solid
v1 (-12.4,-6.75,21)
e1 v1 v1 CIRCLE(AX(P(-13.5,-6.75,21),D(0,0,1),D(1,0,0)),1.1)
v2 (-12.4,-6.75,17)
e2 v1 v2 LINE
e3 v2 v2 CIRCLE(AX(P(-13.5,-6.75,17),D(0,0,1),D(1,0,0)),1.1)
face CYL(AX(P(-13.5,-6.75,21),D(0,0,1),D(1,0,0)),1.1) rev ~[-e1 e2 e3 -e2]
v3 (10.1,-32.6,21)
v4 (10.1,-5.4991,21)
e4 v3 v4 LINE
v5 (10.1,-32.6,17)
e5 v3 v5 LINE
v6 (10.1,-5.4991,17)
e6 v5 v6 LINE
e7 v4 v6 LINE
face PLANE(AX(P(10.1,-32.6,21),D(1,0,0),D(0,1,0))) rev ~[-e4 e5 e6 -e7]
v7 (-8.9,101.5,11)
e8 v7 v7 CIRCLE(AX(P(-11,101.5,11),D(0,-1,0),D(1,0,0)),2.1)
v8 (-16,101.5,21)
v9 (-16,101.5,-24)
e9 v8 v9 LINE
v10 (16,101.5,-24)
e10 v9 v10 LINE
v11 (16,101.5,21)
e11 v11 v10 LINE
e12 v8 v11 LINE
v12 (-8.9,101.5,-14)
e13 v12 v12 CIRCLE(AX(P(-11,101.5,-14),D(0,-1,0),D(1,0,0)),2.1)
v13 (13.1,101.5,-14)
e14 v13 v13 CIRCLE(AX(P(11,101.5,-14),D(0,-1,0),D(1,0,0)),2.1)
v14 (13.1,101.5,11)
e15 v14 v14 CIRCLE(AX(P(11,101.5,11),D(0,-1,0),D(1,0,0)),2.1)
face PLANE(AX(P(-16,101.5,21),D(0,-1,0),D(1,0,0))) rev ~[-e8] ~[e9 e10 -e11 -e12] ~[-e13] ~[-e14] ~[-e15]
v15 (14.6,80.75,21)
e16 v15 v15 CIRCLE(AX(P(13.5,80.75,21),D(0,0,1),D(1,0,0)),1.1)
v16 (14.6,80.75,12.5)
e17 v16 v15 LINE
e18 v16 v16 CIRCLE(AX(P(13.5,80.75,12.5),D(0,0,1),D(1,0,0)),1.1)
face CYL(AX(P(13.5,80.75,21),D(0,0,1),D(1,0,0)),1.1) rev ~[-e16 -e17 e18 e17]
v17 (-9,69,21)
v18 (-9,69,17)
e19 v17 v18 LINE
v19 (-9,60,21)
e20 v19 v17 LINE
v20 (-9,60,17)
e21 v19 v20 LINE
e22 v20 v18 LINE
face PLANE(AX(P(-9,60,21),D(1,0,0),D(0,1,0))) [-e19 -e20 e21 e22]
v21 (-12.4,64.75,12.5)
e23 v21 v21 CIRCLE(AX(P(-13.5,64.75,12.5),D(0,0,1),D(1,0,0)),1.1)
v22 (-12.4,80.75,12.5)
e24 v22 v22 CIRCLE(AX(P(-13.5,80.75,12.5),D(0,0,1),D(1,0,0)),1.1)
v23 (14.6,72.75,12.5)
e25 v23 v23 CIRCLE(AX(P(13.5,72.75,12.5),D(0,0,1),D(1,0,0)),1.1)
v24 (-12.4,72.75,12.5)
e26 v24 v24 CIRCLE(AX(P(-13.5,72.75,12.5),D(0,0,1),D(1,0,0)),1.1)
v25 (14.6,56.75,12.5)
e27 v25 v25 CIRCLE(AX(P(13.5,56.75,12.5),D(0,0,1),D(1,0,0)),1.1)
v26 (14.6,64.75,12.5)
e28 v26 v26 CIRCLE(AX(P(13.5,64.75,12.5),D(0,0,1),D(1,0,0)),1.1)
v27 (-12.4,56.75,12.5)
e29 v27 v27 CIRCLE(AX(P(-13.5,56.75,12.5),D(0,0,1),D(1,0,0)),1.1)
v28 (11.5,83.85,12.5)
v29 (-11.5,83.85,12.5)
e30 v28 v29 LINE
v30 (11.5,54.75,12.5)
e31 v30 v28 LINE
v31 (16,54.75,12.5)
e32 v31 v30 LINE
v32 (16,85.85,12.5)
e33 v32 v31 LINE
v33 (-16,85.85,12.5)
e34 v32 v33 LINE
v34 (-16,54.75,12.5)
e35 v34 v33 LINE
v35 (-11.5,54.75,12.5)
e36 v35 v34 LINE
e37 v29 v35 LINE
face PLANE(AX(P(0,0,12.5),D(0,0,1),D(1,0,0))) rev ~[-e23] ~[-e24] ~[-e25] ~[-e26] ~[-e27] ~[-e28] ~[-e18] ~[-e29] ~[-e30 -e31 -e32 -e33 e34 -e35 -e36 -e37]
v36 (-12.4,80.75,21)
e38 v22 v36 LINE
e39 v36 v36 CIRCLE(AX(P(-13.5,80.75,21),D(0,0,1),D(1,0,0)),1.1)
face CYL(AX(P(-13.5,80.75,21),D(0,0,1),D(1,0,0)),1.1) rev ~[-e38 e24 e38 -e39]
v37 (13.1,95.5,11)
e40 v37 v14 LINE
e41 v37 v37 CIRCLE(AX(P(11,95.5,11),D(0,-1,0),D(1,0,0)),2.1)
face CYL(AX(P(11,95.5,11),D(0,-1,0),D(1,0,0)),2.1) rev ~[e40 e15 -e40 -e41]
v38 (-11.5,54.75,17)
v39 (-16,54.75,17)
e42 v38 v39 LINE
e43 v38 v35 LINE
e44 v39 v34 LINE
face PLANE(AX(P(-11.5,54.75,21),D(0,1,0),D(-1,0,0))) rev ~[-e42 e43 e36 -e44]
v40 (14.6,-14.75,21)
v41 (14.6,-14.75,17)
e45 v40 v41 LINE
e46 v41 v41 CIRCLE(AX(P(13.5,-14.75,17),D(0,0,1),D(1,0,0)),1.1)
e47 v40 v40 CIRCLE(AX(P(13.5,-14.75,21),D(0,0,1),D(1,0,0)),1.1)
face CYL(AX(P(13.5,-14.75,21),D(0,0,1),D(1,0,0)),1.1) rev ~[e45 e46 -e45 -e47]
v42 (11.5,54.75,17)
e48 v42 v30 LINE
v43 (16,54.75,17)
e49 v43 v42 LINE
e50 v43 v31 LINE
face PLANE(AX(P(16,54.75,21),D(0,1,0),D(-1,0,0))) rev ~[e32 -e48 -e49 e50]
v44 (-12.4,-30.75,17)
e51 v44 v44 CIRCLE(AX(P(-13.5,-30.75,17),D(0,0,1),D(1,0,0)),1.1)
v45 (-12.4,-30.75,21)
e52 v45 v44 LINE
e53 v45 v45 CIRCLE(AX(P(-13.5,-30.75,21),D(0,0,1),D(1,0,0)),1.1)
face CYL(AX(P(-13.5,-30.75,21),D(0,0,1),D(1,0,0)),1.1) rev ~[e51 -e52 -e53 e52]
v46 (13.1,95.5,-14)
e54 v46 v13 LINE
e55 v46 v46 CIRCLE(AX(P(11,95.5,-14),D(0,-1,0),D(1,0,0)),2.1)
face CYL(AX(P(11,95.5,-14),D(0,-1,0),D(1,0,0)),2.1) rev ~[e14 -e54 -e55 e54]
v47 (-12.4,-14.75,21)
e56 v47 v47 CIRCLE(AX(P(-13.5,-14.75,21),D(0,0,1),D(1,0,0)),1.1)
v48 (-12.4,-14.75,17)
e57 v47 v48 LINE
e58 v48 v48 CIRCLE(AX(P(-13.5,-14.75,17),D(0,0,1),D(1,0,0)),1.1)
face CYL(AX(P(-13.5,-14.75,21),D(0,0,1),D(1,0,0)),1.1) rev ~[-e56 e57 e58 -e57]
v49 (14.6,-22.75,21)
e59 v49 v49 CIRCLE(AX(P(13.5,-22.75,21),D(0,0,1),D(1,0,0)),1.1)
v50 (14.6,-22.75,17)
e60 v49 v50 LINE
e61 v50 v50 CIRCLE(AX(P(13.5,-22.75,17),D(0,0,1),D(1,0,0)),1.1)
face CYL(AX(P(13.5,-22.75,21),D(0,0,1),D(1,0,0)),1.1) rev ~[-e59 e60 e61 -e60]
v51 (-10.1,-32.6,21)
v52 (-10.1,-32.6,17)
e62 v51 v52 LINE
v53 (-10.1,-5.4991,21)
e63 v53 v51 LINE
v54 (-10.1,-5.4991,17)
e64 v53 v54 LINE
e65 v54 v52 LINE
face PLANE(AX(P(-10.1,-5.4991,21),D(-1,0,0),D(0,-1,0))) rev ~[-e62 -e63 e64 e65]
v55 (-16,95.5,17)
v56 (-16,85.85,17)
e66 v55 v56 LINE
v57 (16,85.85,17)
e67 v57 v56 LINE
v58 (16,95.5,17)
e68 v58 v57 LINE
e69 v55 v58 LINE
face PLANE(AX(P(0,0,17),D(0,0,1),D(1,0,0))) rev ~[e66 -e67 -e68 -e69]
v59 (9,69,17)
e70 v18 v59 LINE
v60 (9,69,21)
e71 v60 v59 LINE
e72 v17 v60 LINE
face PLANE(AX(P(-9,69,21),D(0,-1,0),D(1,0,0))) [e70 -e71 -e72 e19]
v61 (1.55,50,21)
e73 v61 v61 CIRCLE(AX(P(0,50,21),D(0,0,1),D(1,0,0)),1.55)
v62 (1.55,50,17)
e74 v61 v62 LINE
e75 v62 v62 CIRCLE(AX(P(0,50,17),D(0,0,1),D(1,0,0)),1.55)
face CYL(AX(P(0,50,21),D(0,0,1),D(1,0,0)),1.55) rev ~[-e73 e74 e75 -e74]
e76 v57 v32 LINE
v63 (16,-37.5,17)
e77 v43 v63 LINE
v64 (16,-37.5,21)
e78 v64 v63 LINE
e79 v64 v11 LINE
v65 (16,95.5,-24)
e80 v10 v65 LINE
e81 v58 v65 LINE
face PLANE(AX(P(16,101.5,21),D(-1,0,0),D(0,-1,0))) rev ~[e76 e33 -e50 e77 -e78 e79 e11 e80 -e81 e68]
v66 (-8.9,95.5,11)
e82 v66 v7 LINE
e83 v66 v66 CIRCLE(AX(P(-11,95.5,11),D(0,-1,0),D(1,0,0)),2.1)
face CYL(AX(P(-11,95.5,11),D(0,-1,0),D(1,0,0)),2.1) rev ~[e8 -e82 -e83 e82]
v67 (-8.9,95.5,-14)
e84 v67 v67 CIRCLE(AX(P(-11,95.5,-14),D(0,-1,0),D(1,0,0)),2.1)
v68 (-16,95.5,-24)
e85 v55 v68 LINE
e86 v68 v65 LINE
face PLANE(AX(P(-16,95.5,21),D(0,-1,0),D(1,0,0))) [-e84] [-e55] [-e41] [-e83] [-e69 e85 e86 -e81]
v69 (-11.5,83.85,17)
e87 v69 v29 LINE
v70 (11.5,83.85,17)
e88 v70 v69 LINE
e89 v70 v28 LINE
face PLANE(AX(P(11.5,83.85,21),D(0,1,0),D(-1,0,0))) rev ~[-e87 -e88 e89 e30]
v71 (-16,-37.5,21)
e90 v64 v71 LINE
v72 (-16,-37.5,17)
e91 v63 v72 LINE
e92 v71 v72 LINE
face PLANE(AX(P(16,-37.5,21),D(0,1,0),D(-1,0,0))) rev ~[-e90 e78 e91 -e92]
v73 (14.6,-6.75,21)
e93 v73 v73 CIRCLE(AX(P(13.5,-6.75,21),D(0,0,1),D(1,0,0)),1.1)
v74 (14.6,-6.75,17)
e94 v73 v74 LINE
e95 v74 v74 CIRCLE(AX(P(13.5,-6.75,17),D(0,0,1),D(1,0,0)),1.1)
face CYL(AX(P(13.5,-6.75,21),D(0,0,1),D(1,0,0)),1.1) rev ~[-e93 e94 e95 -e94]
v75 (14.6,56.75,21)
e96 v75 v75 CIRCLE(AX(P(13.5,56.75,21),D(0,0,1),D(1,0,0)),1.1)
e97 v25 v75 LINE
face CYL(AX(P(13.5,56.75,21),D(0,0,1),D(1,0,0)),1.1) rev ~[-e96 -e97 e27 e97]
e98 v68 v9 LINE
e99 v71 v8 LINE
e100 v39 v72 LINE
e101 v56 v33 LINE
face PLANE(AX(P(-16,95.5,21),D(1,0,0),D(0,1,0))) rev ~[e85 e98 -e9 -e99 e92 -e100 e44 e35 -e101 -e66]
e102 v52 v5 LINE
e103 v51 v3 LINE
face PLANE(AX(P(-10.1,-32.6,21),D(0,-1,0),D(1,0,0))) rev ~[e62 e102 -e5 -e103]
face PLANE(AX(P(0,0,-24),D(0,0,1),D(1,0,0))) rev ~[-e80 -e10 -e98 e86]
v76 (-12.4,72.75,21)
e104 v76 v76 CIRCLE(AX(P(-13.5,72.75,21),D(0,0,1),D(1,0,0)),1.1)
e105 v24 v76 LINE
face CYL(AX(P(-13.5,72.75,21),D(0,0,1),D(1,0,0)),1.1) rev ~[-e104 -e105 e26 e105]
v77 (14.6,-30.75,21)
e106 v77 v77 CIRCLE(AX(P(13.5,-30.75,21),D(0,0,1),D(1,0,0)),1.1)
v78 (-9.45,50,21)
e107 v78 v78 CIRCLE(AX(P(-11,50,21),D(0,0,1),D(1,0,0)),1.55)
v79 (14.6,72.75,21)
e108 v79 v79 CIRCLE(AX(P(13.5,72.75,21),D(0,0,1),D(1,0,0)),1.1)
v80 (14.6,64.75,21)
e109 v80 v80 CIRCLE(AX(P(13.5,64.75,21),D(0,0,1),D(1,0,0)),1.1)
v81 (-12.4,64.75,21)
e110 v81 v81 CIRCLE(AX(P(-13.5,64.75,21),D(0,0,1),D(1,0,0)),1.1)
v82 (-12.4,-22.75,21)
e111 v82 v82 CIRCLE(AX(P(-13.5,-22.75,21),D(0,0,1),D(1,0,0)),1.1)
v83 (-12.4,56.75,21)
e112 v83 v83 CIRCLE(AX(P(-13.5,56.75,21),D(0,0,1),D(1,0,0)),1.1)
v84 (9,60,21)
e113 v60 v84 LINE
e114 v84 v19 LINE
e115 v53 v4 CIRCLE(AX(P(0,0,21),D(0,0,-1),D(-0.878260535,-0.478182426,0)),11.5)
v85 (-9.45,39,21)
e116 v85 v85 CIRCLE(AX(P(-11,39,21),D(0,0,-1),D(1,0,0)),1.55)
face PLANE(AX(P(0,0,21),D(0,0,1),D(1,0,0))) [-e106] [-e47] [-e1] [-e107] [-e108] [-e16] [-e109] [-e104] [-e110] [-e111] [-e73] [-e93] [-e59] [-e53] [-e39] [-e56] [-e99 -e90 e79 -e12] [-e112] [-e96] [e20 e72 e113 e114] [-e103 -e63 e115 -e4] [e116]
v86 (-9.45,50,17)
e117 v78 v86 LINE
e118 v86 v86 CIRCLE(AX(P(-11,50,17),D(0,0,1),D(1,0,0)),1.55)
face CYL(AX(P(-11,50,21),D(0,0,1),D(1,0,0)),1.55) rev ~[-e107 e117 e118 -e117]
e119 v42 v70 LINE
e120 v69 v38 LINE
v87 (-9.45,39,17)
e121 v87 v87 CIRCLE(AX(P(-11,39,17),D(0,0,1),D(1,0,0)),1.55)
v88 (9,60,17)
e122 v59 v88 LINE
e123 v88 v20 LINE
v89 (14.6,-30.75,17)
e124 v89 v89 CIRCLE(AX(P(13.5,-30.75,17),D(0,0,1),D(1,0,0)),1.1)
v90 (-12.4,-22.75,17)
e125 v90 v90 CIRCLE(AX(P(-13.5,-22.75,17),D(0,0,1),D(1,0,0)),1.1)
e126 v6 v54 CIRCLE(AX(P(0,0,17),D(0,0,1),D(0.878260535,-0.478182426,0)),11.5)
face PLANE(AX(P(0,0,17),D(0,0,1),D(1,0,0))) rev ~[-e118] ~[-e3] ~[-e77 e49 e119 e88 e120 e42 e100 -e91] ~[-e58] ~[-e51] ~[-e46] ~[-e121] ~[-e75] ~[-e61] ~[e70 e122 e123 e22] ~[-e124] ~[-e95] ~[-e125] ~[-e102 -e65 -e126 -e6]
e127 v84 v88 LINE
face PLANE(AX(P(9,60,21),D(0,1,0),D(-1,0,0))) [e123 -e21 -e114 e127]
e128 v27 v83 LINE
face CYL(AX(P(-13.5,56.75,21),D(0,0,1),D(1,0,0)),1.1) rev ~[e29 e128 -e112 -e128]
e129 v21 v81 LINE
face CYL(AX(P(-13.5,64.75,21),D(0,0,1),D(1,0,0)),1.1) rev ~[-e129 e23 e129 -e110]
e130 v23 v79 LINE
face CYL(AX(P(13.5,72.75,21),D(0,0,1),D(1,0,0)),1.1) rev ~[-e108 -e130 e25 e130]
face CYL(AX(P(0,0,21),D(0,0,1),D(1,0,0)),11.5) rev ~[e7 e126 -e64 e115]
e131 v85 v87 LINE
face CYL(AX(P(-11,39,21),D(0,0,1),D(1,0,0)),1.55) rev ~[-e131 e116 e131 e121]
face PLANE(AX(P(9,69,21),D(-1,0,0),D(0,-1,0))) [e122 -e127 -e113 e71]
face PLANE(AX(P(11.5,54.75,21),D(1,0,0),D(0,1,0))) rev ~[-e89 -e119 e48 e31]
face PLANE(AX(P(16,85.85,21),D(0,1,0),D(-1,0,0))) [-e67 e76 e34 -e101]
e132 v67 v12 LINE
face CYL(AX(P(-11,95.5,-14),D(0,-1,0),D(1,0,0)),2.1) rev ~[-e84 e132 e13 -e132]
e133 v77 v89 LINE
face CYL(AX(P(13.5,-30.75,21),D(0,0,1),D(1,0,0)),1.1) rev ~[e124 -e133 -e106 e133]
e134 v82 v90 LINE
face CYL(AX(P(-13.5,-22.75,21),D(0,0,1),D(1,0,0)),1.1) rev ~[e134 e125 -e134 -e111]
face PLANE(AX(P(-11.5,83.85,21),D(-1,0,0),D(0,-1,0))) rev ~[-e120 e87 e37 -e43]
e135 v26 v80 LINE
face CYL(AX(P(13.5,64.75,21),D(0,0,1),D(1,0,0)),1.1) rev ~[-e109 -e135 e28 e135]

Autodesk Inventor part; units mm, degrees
ref_plane "YZ Plane" through (0, 0, 0) normal (1, 0, 0) x (0, 1, 0)
ref_plane "XZ Plane" through (0, 0, 0) normal (0, 1, 0) x (-1, 0, 0)
ref_plane "Plan de construction4" through (0, 0, 21) normal (0, 0, 1) x (1, 0, 0)
sketch "Esquisse" plane through (0, 0, 21) normal (0, 0, 1) x (1, 0, 0)
  circle A0 centre (0, 0) radius 11.5
  line L0 (16, -11.5) -> (-16, -11.5) construction
  line L1 (-16, -11.5) -> (-16, 38.5)
  line L2 (-16, 38.5) -> (16, 38.5) construction
  line L3 (16, 38.5) -> (16, -11.5)
  line L4 (0, 0) -> (-13.5, 6.75) construction
  circle A1 centre (-13.5, 6.75) radius 1.1 construction
  line L5 (-13.5, 6.75) -> (-13.5, 14.75) construction
  line L6 (-13.5, 14.75) -> (-13.5, 22.75) construction
  line L7 (-13.5, 22.75) -> (-13.5, 30.75) construction
  circle A2 centre (-13.5, 30.75) radius 1.1 construction
  circle A3 centre (-13.5, 22.75) radius 1.1 construction
  circle A4 centre (-13.5, 14.75) radius 1.1 construction
  line L8 (-23.9117, 0) -> (22.6519, 0) construction
  line L9 (10.1, 32.6) -> (10.1, 5.4991) construction
  line L10 (-10.1, 5.4991) -> (-10.1, 32.6) construction
  line L11 (-10.1, 32.6) -> (10.1, 32.6) construction
  line L12 (16, -11.5) -> (0, 0) construction
  line L13 (-16, -11.5) -> (0, 0) construction
  line L14 (10.1, 5.4991) -> (-10.1, 5.4991) construction
  line L15 (16, 38.5) -> (-16, 38.5)
  line L16 (-16, 38.5) -> (-16, 95.5)
  line L17 (-16, 95.5) -> (16, 95.5)
  line L18 (16, 95.5) -> (16, 38.5)
  line L19 (0, -65.3) -> (0, 129.3) construction
  circle A5 centre (13.5, 6.75) radius 1.1 construction
  circle A6 centre (13.5, 30.75) radius 1.1 construction
  circle A7 centre (13.5, 22.75) radius 1.1 construction
  circle A8 centre (13.5, 14.75) radius 1.1 construction
  line L20 (-16, -11.5) -> (16, -11.5) construction
  line L21 (16, -11.5) -> (16, -37.5)
  line L22 (16, -37.5) -> (-16, -37.5)
  line L23 (-16, -37.5) -> (-16, -11.5)
  line L24 (16, 95.5) -> (-16, 95.5)
  line L25 (-16, 95.5) -> (-16, 101.5)
  line L26 (-16, 101.5) -> (16, 101.5)
  line L27 (16, 101.5) -> (16, 95.5)
  line L28 (16, -37.5) -> (-17.2597, -37.5)
  circle A9 centre (-13.5, -6.75) radius 1.1
  circle A10 centre (-13.5, -30.75) radius 1.1
  circle A11 centre (-13.5, -22.75) radius 1.1
  circle A12 centre (-13.5, -14.75) radius 1.1
  line L29 (10.1, -32.6) -> (10.1, -5.4991)
  line L30 (-10.1, -5.4991) -> (-10.1, -32.6)
  line L31 (-10.1, -32.6) -> (10.1, -32.6)
  circle A13 centre (13.5, -6.75) radius 1.1
  circle A14 centre (13.5, -14.75) radius 1.1
  circle A15 centre (13.5, -22.75) radius 1.1
  circle A16 centre (13.5, -30.75) radius 1.1
  line L32 (10.1, -32.6) -> (10.1, -5.4991)
  line L33 (-10.1, -5.4991) -> (-10.1, -32.6)
  line L34 (-10.1, -32.6) -> (10.1, -32.6)
  circle A17 centre (0, 50) radius 1.55
  circle A18 centre (-13.5, 56.75) radius 1.1
  circle A19 centre (-13.5, 64.75) radius 1.1
  circle A20 centre (-13.5, 72.75) radius 1.1
  circle A21 centre (-13.5, 80.75) radius 1.1
  circle A22 centre (13.5, 56.75) radius 1.1
  circle A23 centre (13.5, 64.75) radius 1.1
  circle A24 centre (13.5, 80.75) radius 1.1
  circle A25 centre (13.5, 72.75) radius 1.1
  line L35 (-13.5, 56.75) -> (-13.5, 64.75) construction
  line L36 (-13.5, 72.75) -> (-13.5, 64.75) construction
  line L37 (-13.5, 80.75) -> (-13.5, 72.75) construction
  line L38 (-13.5, 30.75) -> (-13.5, 56.75) construction
  line L39 (13.5, 56.75) -> (13.5, 64.75) construction
  line L40 (13.5, 64.75) -> (13.5, 72.75) construction
  line L41 (13.5, 72.75) -> (13.5, 80.75) construction
  line L42 (-13.5, 80.75) -> (13.5, 80.75) construction
  line L43 (-9, 69) -> (9, 69)
  line L44 (9, 69) -> (9, 60)
  line L45 (9, 60) -> (-9, 60)
  line L46 (-9, 60) -> (-9, 69)
  line L47 (-9, 69) -> (9, 60) construction
  line L48 (9, 69) -> (-9, 60) construction
  line L49 (16, 54.75) -> (11.5, 54.75)
  line L50 (11.5, 54.75) -> (11.5, 83.85)
  line L51 (11.5, 83.85) -> (-11.5, 83.85)
  line L52 (-11.5, 83.85) -> (-11.5, 54.75)
  line L53 (-11.5, 54.75) -> (-16, 54.75)
  line L54 (16, 85.85) -> (-16, 85.85)
  line L55 (0, 50) -> (-11, 50) construction
  line L56 (-11, 50) -> (-11, 39) construction
  circle A26 centre (-11, 50) radius 1.55
  circle A27 centre (-11, 39) radius 1.55
  point P0 (0, -11.5)
  point P1 (16, -11.5)
  point P2 (10.1, -5.4991)
  point P3 (0, 64.5)
  dimension "d107" = 23
  dimension "d133" = 6.75
  dimension "d135" = 2.2
  dimension "d137" = 8
  dimension "d138" = 20.2
  dimension "d160" = 50
  dimension "d161" = 5.9
  dimension "d162" = 32
  dimension "d163" = 11.5
  dimension "d169" = 26
  dimension "d224" = 57
  dimension "d225" = 6
  dimension "d240" = 13.5
  dimension "d247" = 95.5
  dimension "d248" = 133
  dimension "d249" = 50
  dimension "d250" = 3.1
  dimension "d254" = 6.75
  dimension "d255" = 8
  dimension "d256" = 2.2
  dimension "d257" = 6.75
  dimension "d258" = 10
  dimension "d259" = 9
  dimension "d260" = 18
  dimension "d261" = 2
  dimension "d262" = 2
  dimension "d263" = 2
  dimension "d264" = 2
  dimension "d267" = 3.1
  dimension "d268" = 11
  dimension "d269" = 11
extrude "Face fixation moteur" add sketch "Esquisse" against normal blind 4 contours L1 L15 A27 L3 L21 L22 L23 | L16 L53 L52 L51 L50 L49 L18 L15 A27 | L16 L54 L18 L49 L50 L51 L52 L53 | L16 L17 L18 L54
extrude "Creux moteur" [suppressed]
extrude "Rai basl" add sketch "Esquisse" against normal blind 45 contours L25 L26 L27 L17
sketch "Esquisse16" plane through (-16, 95.5, 17) normal (0, -1, 0) x (1, 0, 0)
  line L0 (0, 0) -> (0, -41) projected
  line L1 (32, -41) -> (0, -41) projected
  line L2 (32, 0) -> (32, -41) projected
  line L3 (5, -6) -> (27, -6) construction
  line L4 (27, -6) -> (27, -31) construction
  line L5 (27, -31) -> (5, -31) construction
  line L6 (5, -31) -> (5, -6) construction
  line L7 (0, 0) -> (0, -41) projected
  line L8 (0, -1) -> (5, -6) construction
  line L9 (5, -31) -> (0, -36) construction
  line L10 (0, -41) -> (32, -41) projected
  line L11 (27, -31) -> (32, -36) construction
  circle A0 centre (5, -6) radius 2.1
  circle A1 centre (27, -6) radius 2.1
  circle A2 centre (27, -31) radius 2.1
  circle A3 centre (5, -31) radius 2.1
  line L12 (6.1207, -10.1826) -> (1.9381, -9.0619)
  line L13 (1.9381, -9.0619) -> (0.8174, -4.8793)
  line L14 (0.8174, -4.8793) -> (3.8793, -1.8174)
  line L15 (3.8793, -1.8174) -> (8.0619, -2.9381)
  line L16 (8.0619, -2.9381) -> (9.1826, -7.1207)
  line L17 (9.1826, -7.1207) -> (6.1207, -10.1826)
  line L18 (9.1826, -29.8793) -> (8.0619, -34.0619)
  line L19 (8.0619, -34.0619) -> (3.8793, -35.1826)
  line L20 (3.8793, -35.1826) -> (0.8174, -32.1207)
  line L21 (0.8174, -32.1207) -> (1.9381, -27.9381)
  line L22 (1.9381, -27.9381) -> (6.1207, -26.8174)
  line L23 (6.1207, -26.8174) -> (9.1826, -29.8793)
  line L24 (25.8793, -26.8174) -> (30.0619, -27.9381)
  line L25 (30.0619, -27.9381) -> (31.1826, -32.1207)
  line L26 (31.1826, -32.1207) -> (28.1207, -35.1826)
  line L27 (28.1207, -35.1826) -> (23.9381, -34.0619)
  line L28 (23.9381, -34.0619) -> (22.8174, -29.8793)
  line L29 (22.8174, -29.8793) -> (25.8793, -26.8174)
  line L30 (22.8174, -7.1207) -> (23.9381, -2.9381)
  line L31 (23.9381, -2.9381) -> (28.1207, -1.8174)
  line L32 (28.1207, -1.8174) -> (31.1826, -4.8793)
  line L33 (31.1826, -4.8793) -> (30.0619, -9.0619)
  line L34 (30.0619, -9.0619) -> (25.8793, -10.1826)
  line L35 (25.8793, -10.1826) -> (22.8174, -7.1207)
  line L36 (7.6517, -8.6517) -> (24.3483, -8.6517) construction
  line L37 (24.3483, -8.6517) -> (24.3483, -28.3483) construction
  line L38 (24.3483, -28.3483) -> (7.6517, -28.3483) construction
  line L39 (7.6517, -28.3483) -> (7.6517, -8.6517) construction
  line L40 (32, 4) -> (0, 4) projected
  line L41 (32, 0) -> (32, -41) projected
  line L42 (0, 0) -> (0, -41) projected
  line L43 (0, 4) -> (32, 4) projected
  line L44 (0, -1) -> (32, -1)
  line L45 (32, -1) -> (27, -6) construction
  line L46 (0, 0) -> (32, 0) projected
  line L47 (32, -36) -> (0, -36)
  point P0 (16, -17)
  point P1 (28.4, 4)
  point P2 (30.6, 4)
  point P3 (28.4, 4)
  point P4 (30.6, 4)
  point P5 (1.4, 4)
  point P6 (3.6, 4)
  point P7 (1.4, 4)
  point P8 (3.6, 4)
  point P9 (1.4, 4)
  point P10 (3.6, 4)
  point P11 (1.4, 4)
  point P12 (3.6, 4)
  point P13 (28.4, 4)
  point P14 (30.6, 4)
  point P15 (28.4, 4)
  point P16 (30.6, 4)
  dimension "d228" = 5
  dimension "d230" = 4.2
  dimension "d231" = 7.5
  dimension "d232" = 25
  dimension "d233" = 22
  dimension "d245" = 45
  dimension "d246" = 32
  dimension "d251" = 1
  dimension "d253" = 5
extrude "Extrusion23" cut sketch "Esquisse16" against normal through all contours A0 | A1 | A2 | A3
extrude "Extrusion25" add sketch "Esquisse" against normal blind 8.5 contours L16 L54 L18 L49 L50 L51 L52 L53
properties part number "Support AX 12A haut"
